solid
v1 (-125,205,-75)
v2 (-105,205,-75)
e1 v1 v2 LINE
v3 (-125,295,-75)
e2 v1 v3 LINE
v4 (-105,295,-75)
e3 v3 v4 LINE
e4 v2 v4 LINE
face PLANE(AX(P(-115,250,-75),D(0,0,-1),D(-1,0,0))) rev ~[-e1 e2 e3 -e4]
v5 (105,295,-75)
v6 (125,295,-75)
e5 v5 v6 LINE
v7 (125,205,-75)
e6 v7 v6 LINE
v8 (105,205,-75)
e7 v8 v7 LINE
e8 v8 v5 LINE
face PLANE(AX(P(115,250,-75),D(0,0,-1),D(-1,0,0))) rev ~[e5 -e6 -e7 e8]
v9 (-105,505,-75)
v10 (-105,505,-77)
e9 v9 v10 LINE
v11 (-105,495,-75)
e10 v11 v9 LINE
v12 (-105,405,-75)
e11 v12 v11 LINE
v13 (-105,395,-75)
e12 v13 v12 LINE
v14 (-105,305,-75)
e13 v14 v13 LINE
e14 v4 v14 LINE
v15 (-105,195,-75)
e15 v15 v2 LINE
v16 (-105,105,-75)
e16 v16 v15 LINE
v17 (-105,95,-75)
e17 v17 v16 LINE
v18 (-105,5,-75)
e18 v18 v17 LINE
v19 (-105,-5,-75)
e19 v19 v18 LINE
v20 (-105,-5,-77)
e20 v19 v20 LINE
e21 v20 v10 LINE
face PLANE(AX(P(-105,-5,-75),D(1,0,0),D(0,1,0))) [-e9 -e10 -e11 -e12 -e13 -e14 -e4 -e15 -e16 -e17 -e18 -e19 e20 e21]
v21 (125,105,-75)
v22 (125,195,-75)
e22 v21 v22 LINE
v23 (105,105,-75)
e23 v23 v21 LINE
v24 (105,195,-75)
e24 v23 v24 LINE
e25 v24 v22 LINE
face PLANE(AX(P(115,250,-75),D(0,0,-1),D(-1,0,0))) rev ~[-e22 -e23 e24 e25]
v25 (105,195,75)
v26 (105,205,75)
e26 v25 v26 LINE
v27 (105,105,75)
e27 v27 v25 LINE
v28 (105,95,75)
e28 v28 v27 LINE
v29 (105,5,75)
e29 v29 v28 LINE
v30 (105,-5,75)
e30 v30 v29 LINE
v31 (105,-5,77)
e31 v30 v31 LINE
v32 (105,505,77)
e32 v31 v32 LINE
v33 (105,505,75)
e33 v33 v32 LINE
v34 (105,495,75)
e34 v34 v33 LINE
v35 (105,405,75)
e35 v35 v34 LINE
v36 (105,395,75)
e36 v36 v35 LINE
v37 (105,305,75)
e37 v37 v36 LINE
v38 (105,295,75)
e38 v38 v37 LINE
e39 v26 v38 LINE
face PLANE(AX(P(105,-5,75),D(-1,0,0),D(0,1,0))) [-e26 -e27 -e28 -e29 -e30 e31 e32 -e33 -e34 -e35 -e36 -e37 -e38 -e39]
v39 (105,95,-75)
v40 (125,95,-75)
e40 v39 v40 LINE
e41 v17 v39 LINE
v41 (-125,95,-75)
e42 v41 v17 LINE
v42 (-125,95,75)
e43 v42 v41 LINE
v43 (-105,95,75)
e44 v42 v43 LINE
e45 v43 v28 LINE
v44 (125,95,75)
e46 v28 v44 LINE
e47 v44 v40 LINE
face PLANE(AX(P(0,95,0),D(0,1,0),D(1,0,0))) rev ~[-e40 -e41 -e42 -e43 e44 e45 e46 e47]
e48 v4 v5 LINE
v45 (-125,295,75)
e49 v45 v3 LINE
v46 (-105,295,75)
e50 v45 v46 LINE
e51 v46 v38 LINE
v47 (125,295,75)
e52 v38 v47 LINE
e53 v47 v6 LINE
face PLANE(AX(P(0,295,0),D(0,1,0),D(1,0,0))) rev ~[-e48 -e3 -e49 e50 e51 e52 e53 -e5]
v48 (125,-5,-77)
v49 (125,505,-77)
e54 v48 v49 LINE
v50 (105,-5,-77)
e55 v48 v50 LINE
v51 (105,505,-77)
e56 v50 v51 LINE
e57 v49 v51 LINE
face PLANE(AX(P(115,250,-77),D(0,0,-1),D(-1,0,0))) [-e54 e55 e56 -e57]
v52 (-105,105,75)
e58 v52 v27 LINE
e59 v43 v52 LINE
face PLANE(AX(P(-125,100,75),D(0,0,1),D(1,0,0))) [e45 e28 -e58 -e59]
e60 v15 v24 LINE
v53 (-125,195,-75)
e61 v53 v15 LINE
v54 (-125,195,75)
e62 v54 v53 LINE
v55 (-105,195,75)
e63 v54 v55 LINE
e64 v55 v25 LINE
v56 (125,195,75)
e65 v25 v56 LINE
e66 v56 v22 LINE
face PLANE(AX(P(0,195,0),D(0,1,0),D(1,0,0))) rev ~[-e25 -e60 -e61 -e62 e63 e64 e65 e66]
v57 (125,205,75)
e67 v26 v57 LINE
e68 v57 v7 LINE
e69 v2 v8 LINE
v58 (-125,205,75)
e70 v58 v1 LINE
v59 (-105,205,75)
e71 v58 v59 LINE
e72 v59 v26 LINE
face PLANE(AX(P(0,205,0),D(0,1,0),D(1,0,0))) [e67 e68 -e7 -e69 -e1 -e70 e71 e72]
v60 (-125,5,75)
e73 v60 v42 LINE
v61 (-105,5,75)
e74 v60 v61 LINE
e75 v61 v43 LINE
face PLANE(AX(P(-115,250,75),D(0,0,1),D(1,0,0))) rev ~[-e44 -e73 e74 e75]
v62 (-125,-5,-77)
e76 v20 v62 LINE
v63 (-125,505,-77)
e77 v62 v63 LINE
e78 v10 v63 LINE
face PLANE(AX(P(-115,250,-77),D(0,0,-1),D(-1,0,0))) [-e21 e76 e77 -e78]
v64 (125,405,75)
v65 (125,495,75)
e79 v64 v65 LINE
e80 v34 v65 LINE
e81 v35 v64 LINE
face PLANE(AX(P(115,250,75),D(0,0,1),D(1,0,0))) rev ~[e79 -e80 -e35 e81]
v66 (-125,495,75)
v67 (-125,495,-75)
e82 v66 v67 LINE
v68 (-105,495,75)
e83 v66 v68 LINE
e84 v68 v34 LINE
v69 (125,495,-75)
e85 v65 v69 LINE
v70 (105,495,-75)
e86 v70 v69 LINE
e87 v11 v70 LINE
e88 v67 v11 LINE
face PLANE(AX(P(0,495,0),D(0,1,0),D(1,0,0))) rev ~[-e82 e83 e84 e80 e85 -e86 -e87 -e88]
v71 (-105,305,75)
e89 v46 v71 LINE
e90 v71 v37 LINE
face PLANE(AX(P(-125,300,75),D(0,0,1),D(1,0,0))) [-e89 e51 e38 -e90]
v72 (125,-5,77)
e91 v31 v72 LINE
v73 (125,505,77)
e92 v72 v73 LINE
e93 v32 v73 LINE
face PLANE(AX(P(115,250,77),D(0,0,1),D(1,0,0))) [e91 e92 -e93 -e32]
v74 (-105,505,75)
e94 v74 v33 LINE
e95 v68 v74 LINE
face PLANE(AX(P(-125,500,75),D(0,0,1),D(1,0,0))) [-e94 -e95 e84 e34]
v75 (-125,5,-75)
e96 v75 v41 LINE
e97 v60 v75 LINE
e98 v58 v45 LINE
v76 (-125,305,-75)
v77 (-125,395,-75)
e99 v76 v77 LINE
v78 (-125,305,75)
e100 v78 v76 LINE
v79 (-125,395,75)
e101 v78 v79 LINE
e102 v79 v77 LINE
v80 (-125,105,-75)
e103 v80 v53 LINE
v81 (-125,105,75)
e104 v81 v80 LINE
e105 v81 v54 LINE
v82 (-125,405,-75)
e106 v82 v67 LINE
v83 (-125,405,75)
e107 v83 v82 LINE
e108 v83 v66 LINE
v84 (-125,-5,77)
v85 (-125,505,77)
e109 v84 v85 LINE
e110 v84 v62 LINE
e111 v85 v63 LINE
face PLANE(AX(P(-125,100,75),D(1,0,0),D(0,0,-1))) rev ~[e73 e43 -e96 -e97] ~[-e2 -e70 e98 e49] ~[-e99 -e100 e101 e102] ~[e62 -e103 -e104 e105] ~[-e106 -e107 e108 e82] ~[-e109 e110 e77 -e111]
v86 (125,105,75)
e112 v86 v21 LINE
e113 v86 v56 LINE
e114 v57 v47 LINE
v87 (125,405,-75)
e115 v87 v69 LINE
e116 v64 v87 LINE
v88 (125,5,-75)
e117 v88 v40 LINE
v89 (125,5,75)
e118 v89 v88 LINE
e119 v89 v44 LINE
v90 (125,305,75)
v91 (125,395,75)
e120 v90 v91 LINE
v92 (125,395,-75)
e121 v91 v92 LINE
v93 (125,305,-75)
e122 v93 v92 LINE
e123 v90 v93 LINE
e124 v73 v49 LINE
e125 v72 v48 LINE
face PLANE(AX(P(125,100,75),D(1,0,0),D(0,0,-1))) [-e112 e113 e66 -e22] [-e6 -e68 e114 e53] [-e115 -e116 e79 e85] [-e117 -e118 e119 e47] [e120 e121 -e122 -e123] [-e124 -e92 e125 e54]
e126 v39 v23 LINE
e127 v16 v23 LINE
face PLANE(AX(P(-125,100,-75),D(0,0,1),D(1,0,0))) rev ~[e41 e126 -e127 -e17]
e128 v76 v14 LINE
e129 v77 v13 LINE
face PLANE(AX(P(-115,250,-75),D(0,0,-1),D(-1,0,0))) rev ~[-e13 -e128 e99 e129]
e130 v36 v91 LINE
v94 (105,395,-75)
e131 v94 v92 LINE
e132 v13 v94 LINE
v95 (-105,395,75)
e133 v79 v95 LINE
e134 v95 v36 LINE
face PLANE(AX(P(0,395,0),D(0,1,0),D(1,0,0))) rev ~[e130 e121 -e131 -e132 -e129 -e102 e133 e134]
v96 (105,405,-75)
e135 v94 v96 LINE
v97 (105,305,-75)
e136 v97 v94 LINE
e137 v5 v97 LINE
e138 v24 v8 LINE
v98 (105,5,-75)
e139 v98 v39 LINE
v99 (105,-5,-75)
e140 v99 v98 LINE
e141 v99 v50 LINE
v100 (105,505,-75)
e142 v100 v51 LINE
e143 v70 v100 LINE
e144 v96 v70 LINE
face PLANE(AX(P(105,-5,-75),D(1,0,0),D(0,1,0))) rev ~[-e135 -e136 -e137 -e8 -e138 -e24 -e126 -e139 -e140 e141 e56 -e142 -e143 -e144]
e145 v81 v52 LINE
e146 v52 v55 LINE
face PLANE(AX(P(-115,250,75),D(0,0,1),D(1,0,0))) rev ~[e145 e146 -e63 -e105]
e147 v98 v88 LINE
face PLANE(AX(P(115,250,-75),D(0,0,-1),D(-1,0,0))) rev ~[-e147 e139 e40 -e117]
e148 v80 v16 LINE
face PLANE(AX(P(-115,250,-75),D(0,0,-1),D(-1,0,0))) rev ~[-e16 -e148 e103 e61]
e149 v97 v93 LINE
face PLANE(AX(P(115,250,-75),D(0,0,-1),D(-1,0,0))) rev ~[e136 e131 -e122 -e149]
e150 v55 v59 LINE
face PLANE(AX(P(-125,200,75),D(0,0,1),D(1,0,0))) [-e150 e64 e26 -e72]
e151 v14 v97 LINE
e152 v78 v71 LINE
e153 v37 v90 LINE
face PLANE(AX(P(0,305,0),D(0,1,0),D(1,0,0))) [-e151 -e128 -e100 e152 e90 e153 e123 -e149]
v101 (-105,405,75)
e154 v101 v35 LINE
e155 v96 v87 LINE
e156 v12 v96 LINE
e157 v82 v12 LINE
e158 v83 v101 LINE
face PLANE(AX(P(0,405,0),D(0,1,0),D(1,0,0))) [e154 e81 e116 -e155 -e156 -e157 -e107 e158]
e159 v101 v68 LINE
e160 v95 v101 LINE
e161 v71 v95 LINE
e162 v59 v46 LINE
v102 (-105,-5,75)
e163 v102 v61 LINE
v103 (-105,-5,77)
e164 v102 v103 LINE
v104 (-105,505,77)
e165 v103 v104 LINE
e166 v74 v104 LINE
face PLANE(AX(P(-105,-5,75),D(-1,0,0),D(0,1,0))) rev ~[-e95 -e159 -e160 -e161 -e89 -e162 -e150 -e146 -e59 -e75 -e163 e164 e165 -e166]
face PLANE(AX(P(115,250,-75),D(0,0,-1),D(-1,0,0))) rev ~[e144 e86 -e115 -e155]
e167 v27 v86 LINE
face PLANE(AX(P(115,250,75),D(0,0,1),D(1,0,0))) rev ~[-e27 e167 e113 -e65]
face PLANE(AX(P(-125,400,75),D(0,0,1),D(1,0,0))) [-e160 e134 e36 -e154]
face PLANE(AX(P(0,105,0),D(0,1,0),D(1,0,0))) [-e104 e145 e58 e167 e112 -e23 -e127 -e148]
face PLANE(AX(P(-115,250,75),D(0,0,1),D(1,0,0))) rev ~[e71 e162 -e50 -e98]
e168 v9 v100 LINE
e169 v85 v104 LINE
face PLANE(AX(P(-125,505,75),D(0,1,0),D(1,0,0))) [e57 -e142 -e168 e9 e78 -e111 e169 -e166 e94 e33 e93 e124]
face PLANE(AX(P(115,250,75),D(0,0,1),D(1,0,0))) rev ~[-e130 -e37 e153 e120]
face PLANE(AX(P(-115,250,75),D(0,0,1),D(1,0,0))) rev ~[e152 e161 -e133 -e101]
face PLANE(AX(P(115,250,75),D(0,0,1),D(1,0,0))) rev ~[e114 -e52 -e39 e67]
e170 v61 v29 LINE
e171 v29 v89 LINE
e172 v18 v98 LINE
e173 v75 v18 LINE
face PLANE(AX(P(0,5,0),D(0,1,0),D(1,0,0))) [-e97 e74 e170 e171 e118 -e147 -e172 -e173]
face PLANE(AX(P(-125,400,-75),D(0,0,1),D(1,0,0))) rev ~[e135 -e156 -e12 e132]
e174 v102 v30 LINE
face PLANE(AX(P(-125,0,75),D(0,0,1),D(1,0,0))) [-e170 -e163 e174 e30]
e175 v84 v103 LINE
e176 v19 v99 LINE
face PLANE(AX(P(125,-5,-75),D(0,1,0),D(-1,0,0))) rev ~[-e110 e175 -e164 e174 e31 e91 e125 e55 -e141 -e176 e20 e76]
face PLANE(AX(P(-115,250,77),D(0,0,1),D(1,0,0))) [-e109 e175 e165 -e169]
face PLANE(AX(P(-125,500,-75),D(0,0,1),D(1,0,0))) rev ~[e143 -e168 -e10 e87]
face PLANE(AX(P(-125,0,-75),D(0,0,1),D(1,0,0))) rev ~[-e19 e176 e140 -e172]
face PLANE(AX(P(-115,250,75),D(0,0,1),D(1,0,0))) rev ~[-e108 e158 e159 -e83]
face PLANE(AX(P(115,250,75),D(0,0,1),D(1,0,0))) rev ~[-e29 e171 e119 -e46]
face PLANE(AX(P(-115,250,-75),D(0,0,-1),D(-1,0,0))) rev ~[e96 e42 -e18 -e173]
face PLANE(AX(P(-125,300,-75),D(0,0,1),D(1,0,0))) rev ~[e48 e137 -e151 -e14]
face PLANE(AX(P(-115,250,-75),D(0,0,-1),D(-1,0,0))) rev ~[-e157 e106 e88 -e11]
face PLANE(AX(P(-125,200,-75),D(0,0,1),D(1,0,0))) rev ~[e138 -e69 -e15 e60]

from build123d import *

# Parameters (mm, degrees)
SKIZZE1_W                       = 250
SKIZZE1_H                       = 150
AUFSATZ_LINEAR_AUSTRAGEN1_DEPTH = 5
SKIZZE2_W                       = 20
SKIZZE2_H                       = 510
AUFSATZ_LINEAR_AUSTRAGEN2_DEPTH = 2
SKIZZE3_W                       = 20
SKIZZE3_H                       = 510
AUFSATZ_LINEAR_AUSTRAGEN3_DEPTH = 2
LINEARES_MUSTER3_COUNT          = 6
LINEARES_MUSTER3_PITCH          = 100


with BuildPart() as part:
    # Skizze1 → Aufsatz-Linear austragen1 (new, symmetric)
    with BuildSketch(Plane(origin=(0, 0, 0), x_dir=(1, 0, 0), z_dir=(0, 1, 0))):
        Rectangle(SKIZZE1_W, SKIZZE1_H)
    aufsatz_linear_austragen1 = extrude(amount=AUFSATZ_LINEAR_AUSTRAGEN1_DEPTH, both=True)

    # Skizze2 → Aufsatz-Linear austragen2 (add)
    with BuildSketch(Plane.XY.offset(75)):
        with Locations((-115, 250)):
            Rectangle(SKIZZE2_W, SKIZZE2_H)
        with Locations((115, 250)):
            Rectangle(SKIZZE2_W, SKIZZE2_H)
    extrude(amount=AUFSATZ_LINEAR_AUSTRAGEN2_DEPTH)

    # Skizze3 → Aufsatz-Linear austragen3 (add)
    with BuildSketch(Plane(origin=(0, 0, -75), x_dir=(-1, 0, 0), z_dir=(0, 0, -1))):
        with Locations((-115, 250)):
            Rectangle(SKIZZE3_W, SKIZZE3_H)
        with Locations((115, 250)):
            Rectangle(SKIZZE3_W, SKIZZE3_H)
    extrude(amount=AUFSATZ_LINEAR_AUSTRAGEN3_DEPTH)

    # Lineares Muster3: Aufsatz-Linear austragen1 ×6
    with Locations(*[(0, i * LINEARES_MUSTER3_PITCH, 0) for i in range(1, LINEARES_MUSTER3_COUNT)]):
        add(aufsatz_linear_austragen1)


solid = part.part
